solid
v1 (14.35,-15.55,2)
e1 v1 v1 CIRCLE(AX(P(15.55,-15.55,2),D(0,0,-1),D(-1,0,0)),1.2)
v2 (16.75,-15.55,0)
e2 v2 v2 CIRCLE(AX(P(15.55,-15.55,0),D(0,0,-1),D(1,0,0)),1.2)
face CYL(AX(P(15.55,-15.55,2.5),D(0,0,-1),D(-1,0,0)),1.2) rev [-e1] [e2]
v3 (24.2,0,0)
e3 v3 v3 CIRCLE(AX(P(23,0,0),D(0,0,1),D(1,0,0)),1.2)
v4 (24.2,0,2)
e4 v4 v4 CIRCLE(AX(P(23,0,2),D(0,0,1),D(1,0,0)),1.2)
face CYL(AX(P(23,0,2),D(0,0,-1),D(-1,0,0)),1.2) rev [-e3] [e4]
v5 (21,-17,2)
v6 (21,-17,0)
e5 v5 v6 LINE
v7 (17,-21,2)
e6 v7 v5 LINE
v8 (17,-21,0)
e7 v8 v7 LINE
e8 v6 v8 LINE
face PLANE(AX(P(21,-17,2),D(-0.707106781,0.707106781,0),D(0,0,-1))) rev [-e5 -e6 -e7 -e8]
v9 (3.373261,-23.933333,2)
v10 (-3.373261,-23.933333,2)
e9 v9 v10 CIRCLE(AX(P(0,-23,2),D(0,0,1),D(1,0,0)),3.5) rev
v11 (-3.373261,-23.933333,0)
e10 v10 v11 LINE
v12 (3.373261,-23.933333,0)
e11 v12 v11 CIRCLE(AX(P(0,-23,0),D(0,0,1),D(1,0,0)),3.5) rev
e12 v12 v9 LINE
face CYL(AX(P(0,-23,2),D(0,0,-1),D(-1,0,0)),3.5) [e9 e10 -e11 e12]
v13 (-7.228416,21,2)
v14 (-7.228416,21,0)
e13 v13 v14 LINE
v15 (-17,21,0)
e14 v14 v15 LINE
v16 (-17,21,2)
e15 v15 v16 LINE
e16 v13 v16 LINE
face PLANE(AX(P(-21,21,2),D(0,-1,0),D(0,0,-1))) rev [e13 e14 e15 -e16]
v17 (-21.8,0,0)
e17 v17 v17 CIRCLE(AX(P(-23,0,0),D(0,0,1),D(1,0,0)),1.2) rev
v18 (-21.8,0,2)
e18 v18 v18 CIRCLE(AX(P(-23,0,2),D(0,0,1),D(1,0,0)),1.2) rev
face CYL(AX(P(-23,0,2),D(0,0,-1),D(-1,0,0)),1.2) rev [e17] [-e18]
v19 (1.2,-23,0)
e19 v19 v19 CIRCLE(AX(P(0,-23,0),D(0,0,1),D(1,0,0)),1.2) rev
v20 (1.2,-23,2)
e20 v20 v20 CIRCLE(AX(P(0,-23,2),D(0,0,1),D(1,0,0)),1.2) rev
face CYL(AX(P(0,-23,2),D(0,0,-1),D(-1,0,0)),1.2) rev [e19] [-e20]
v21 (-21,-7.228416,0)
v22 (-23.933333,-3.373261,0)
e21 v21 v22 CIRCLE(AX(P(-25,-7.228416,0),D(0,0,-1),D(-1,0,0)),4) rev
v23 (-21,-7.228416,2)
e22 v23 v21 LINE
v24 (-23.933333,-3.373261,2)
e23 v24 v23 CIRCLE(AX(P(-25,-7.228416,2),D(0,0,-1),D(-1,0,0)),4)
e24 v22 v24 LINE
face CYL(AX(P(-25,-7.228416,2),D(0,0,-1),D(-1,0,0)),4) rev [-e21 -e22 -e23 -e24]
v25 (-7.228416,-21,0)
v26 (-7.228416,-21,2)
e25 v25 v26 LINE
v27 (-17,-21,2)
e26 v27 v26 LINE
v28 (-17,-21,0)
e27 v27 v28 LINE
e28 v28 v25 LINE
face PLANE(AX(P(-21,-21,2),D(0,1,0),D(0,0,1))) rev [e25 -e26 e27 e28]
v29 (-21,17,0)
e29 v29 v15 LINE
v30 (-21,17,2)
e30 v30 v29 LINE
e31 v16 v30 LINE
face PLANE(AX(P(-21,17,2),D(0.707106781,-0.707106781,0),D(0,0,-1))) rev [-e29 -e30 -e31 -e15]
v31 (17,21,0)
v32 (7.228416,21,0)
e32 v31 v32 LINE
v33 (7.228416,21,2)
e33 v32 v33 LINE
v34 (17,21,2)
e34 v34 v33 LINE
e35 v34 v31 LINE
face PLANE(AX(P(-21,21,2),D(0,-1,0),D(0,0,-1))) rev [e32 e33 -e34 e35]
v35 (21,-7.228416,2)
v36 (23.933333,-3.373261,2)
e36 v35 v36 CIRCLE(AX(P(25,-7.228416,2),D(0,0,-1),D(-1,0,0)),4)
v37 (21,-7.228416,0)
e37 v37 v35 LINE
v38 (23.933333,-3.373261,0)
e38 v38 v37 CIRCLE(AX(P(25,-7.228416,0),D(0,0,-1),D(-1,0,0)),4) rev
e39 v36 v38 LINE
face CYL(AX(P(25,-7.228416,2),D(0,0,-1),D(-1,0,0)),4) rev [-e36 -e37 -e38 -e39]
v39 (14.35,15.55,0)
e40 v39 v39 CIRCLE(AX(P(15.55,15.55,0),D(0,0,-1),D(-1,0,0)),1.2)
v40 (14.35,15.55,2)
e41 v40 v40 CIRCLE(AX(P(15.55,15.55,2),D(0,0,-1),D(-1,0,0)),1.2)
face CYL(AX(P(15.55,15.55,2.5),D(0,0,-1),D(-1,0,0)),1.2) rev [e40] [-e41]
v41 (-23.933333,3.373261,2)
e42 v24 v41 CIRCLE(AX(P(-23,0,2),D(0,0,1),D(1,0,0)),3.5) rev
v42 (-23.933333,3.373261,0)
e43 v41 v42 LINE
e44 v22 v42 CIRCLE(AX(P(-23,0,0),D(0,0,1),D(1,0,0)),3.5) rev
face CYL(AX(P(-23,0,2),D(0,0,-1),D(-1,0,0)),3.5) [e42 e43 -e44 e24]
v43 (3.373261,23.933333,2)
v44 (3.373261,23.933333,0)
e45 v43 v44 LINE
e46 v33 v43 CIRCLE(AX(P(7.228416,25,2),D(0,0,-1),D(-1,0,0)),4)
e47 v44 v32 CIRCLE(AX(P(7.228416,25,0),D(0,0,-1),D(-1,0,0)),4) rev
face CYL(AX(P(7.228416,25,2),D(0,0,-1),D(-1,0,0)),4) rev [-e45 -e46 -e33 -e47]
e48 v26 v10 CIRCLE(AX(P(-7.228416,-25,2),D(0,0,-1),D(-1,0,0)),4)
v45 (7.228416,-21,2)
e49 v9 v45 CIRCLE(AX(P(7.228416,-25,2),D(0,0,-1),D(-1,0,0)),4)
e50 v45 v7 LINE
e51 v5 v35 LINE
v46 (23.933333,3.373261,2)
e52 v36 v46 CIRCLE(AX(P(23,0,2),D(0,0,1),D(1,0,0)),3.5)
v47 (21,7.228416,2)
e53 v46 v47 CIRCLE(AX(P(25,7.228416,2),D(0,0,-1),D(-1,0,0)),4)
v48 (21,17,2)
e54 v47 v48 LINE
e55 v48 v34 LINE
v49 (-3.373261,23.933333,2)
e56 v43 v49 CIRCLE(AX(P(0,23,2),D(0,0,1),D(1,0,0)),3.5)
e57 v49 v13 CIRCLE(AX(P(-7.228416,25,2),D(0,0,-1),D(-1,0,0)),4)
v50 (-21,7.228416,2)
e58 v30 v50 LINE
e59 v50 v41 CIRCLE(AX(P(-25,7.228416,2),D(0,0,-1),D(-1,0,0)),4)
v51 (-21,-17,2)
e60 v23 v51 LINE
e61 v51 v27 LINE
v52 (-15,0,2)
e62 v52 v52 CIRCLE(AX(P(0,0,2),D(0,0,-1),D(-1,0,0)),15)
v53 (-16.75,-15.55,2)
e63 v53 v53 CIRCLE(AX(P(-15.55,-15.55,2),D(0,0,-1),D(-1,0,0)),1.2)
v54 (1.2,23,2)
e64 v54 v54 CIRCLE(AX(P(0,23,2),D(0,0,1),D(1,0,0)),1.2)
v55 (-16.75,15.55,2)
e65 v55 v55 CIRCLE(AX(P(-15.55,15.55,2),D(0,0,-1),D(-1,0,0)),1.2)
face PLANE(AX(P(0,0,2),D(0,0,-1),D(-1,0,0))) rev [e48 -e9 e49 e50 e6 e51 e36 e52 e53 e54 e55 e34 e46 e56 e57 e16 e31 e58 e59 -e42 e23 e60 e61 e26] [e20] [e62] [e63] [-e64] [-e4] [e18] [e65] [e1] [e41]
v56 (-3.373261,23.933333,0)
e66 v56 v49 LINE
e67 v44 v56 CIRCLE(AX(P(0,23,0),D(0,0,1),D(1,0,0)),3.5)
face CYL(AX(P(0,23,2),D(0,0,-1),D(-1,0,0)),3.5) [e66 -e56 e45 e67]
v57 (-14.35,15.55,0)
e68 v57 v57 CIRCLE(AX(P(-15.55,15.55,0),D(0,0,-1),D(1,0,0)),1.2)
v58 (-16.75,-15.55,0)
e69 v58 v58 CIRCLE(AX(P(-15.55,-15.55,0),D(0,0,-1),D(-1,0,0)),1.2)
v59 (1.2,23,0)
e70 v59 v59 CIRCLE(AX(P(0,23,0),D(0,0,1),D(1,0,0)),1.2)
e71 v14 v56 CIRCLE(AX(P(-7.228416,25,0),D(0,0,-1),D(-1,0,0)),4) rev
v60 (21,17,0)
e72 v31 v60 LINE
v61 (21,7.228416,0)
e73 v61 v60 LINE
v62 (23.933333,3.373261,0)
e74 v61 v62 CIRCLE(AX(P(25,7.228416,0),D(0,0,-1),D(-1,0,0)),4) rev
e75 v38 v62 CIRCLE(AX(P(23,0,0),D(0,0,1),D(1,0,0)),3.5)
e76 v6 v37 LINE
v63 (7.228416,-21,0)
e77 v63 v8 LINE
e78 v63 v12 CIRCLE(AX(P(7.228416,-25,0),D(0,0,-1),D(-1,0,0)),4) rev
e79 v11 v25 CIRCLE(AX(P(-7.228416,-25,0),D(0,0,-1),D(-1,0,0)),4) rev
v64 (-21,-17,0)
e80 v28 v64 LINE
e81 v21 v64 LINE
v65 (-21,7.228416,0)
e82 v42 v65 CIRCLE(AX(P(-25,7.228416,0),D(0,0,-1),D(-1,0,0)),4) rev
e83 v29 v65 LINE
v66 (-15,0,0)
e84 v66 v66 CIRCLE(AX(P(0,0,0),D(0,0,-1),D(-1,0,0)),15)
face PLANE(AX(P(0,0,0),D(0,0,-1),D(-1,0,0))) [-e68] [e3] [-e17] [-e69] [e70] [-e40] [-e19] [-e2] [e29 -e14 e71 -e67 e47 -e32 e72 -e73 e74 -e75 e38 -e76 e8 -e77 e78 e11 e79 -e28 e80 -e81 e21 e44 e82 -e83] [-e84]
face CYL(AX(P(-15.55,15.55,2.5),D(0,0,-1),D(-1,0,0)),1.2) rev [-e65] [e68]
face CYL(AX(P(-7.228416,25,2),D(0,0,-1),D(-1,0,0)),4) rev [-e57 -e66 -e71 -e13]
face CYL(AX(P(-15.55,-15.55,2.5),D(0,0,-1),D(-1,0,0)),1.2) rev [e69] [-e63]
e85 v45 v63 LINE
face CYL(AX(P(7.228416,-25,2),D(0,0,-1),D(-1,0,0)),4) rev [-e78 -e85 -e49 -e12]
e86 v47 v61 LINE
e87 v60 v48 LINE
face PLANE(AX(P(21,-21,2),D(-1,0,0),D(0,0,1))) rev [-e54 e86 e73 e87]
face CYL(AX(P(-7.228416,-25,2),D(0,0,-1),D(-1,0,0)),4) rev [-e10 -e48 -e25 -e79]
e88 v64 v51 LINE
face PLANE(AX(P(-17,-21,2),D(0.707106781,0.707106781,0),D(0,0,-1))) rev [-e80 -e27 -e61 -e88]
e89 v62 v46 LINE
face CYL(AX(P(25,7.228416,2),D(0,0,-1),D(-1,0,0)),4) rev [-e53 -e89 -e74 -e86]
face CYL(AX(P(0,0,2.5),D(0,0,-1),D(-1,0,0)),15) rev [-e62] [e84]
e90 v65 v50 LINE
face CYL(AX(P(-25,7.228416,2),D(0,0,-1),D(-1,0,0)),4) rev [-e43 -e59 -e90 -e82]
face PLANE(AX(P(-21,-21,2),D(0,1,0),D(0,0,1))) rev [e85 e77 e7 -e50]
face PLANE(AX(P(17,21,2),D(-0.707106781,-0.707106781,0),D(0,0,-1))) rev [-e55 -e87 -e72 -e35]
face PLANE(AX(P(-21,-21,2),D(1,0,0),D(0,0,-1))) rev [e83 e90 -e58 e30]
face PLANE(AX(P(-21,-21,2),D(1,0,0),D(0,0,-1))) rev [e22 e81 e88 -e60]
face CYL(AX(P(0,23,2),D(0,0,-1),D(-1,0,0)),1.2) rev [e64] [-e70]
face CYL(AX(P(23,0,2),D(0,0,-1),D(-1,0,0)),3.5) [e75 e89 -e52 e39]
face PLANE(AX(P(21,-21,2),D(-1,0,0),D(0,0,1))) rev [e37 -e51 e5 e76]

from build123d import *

# Parameters (mm, degrees)
SKETCH_1_W          = 42
SKETCH_1_H          = 42
EXTRUDE_1_DEPTH     = 2
CHAMFER_1_SIZE      = 4
SKETCH_2_R          = 1.2
CUT_EXTRUDE_1_DEPTH = 2.5
SKETCH_3_R          = 15
CUT_EXTRUDE_2_DEPTH = 2.5
SKETCH_4_R          = 1.2
EXTRUDE_2_DEPTH     = 2
FILLET_1_R          = 4


with BuildPart() as part:
    # 草图1 → 凸台-拉伸1 (new body)
    with BuildSketch(Plane.XY):
        Rectangle(SKETCH_1_W, SKETCH_1_H)
    extrude(amount=EXTRUDE_1_DEPTH)

    # 倒角1
    chamfer_1_edges = [part.edges().sort_by_distance(p)[0] for p in [
        (21, -21, 1),
        (-21, -21, 1),
        (-21, 21, 1),
        (21, 21, 1),
    ]]
    chamfer(chamfer_1_edges, length=CHAMFER_1_SIZE)

    # 草图2 → 切除-拉伸1 (cut)
    with BuildSketch(Plane(origin=(0, 0, 0), x_dir=(-1, 0, 0), z_dir=(0, 0, -1))):
        with Locations((-15.55, 15.55)):
            Circle(SKETCH_2_R)
        with Locations((15.55, 15.55)):
            Circle(SKETCH_2_R)
        with Locations((15.55, -15.55)):
            Circle(SKETCH_2_R)
        with Locations((-15.55, -15.55)):
            Circle(SKETCH_2_R)
    extrude(amount=-CUT_EXTRUDE_1_DEPTH, mode=Mode.SUBTRACT)

    # 草图3 → 切除-拉伸2 (cut)
    with BuildSketch(Plane(origin=(0, 0, 0), x_dir=(-1, 0, 0), z_dir=(0, 0, -1))):
        Circle(SKETCH_3_R)
    extrude(amount=-CUT_EXTRUDE_2_DEPTH, mode=Mode.SUBTRACT)

    # 草图4 → 凸台-拉伸2 (add)
    with BuildSketch(Plane.XY):
        with BuildLine():
            Line((3.5, 23), (3.5, 19))
            Line((3.5, 19), (-3.5, 19))
            Line((-3.5, 19), (-3.5, 23))
            ThreePointArc((-3.5, 23), (0, 26.5), (3.5, 23))
        make_face()
        with Locations((0, 23)):
            Circle(SKETCH_4_R, mode=Mode.SUBTRACT)
        with BuildLine():
            ThreePointArc((3.5, -23), (0, -26.5), (-3.5, -23))
            Line((-3.5, -23), (-3.5, -19))
            Line((-3.5, -19), (3.5, -19))
            Line((3.5, -19), (3.5, -23))
        make_face()
        with Locations((0, -23)):
            Circle(SKETCH_4_R, mode=Mode.SUBTRACT)
        with BuildLine():
            ThreePointArc((-23, -3.5), (-26.5, 0), (-23, 3.5))
            Line((-23, 3.5), (-19, 3.5))
            Line((-19, 3.5), (-19, -3.5))
            Line((-19, -3.5), (-23, -3.5))
        make_face()
        with Locations((-23, 0)):
            Circle(SKETCH_4_R, mode=Mode.SUBTRACT)
        with BuildLine():
            Line((19, -3.5), (23, -3.5))
            ThreePointArc((23, -3.5), (26.5, 0), (23, 3.5))
            Line((23, 3.5), (19, 3.5))
            Line((19, 3.5), (19, -3.5))
        make_face()
        with Locations((23, 0)):
            Circle(SKETCH_4_R, mode=Mode.SUBTRACT)
    extrude(amount=EXTRUDE_2_DEPTH)

    # 圆角1
    fillet_1_edges = [part.edges().sort_by_distance(p)[0] for p in [
        (-21, 3.5, 1),
        (-21, -3.5, 1),
        (-3.5, -21, 1),
        (3.5, -21, 1),
        (21, -3.5, 1),
        (21, 3.5, 1),
        (3.5, 21, 1),
        (-3.5, 21, 1),
    ]]
    fillet(fillet_1_edges, radius=FILLET_1_R)


solid = part.part
